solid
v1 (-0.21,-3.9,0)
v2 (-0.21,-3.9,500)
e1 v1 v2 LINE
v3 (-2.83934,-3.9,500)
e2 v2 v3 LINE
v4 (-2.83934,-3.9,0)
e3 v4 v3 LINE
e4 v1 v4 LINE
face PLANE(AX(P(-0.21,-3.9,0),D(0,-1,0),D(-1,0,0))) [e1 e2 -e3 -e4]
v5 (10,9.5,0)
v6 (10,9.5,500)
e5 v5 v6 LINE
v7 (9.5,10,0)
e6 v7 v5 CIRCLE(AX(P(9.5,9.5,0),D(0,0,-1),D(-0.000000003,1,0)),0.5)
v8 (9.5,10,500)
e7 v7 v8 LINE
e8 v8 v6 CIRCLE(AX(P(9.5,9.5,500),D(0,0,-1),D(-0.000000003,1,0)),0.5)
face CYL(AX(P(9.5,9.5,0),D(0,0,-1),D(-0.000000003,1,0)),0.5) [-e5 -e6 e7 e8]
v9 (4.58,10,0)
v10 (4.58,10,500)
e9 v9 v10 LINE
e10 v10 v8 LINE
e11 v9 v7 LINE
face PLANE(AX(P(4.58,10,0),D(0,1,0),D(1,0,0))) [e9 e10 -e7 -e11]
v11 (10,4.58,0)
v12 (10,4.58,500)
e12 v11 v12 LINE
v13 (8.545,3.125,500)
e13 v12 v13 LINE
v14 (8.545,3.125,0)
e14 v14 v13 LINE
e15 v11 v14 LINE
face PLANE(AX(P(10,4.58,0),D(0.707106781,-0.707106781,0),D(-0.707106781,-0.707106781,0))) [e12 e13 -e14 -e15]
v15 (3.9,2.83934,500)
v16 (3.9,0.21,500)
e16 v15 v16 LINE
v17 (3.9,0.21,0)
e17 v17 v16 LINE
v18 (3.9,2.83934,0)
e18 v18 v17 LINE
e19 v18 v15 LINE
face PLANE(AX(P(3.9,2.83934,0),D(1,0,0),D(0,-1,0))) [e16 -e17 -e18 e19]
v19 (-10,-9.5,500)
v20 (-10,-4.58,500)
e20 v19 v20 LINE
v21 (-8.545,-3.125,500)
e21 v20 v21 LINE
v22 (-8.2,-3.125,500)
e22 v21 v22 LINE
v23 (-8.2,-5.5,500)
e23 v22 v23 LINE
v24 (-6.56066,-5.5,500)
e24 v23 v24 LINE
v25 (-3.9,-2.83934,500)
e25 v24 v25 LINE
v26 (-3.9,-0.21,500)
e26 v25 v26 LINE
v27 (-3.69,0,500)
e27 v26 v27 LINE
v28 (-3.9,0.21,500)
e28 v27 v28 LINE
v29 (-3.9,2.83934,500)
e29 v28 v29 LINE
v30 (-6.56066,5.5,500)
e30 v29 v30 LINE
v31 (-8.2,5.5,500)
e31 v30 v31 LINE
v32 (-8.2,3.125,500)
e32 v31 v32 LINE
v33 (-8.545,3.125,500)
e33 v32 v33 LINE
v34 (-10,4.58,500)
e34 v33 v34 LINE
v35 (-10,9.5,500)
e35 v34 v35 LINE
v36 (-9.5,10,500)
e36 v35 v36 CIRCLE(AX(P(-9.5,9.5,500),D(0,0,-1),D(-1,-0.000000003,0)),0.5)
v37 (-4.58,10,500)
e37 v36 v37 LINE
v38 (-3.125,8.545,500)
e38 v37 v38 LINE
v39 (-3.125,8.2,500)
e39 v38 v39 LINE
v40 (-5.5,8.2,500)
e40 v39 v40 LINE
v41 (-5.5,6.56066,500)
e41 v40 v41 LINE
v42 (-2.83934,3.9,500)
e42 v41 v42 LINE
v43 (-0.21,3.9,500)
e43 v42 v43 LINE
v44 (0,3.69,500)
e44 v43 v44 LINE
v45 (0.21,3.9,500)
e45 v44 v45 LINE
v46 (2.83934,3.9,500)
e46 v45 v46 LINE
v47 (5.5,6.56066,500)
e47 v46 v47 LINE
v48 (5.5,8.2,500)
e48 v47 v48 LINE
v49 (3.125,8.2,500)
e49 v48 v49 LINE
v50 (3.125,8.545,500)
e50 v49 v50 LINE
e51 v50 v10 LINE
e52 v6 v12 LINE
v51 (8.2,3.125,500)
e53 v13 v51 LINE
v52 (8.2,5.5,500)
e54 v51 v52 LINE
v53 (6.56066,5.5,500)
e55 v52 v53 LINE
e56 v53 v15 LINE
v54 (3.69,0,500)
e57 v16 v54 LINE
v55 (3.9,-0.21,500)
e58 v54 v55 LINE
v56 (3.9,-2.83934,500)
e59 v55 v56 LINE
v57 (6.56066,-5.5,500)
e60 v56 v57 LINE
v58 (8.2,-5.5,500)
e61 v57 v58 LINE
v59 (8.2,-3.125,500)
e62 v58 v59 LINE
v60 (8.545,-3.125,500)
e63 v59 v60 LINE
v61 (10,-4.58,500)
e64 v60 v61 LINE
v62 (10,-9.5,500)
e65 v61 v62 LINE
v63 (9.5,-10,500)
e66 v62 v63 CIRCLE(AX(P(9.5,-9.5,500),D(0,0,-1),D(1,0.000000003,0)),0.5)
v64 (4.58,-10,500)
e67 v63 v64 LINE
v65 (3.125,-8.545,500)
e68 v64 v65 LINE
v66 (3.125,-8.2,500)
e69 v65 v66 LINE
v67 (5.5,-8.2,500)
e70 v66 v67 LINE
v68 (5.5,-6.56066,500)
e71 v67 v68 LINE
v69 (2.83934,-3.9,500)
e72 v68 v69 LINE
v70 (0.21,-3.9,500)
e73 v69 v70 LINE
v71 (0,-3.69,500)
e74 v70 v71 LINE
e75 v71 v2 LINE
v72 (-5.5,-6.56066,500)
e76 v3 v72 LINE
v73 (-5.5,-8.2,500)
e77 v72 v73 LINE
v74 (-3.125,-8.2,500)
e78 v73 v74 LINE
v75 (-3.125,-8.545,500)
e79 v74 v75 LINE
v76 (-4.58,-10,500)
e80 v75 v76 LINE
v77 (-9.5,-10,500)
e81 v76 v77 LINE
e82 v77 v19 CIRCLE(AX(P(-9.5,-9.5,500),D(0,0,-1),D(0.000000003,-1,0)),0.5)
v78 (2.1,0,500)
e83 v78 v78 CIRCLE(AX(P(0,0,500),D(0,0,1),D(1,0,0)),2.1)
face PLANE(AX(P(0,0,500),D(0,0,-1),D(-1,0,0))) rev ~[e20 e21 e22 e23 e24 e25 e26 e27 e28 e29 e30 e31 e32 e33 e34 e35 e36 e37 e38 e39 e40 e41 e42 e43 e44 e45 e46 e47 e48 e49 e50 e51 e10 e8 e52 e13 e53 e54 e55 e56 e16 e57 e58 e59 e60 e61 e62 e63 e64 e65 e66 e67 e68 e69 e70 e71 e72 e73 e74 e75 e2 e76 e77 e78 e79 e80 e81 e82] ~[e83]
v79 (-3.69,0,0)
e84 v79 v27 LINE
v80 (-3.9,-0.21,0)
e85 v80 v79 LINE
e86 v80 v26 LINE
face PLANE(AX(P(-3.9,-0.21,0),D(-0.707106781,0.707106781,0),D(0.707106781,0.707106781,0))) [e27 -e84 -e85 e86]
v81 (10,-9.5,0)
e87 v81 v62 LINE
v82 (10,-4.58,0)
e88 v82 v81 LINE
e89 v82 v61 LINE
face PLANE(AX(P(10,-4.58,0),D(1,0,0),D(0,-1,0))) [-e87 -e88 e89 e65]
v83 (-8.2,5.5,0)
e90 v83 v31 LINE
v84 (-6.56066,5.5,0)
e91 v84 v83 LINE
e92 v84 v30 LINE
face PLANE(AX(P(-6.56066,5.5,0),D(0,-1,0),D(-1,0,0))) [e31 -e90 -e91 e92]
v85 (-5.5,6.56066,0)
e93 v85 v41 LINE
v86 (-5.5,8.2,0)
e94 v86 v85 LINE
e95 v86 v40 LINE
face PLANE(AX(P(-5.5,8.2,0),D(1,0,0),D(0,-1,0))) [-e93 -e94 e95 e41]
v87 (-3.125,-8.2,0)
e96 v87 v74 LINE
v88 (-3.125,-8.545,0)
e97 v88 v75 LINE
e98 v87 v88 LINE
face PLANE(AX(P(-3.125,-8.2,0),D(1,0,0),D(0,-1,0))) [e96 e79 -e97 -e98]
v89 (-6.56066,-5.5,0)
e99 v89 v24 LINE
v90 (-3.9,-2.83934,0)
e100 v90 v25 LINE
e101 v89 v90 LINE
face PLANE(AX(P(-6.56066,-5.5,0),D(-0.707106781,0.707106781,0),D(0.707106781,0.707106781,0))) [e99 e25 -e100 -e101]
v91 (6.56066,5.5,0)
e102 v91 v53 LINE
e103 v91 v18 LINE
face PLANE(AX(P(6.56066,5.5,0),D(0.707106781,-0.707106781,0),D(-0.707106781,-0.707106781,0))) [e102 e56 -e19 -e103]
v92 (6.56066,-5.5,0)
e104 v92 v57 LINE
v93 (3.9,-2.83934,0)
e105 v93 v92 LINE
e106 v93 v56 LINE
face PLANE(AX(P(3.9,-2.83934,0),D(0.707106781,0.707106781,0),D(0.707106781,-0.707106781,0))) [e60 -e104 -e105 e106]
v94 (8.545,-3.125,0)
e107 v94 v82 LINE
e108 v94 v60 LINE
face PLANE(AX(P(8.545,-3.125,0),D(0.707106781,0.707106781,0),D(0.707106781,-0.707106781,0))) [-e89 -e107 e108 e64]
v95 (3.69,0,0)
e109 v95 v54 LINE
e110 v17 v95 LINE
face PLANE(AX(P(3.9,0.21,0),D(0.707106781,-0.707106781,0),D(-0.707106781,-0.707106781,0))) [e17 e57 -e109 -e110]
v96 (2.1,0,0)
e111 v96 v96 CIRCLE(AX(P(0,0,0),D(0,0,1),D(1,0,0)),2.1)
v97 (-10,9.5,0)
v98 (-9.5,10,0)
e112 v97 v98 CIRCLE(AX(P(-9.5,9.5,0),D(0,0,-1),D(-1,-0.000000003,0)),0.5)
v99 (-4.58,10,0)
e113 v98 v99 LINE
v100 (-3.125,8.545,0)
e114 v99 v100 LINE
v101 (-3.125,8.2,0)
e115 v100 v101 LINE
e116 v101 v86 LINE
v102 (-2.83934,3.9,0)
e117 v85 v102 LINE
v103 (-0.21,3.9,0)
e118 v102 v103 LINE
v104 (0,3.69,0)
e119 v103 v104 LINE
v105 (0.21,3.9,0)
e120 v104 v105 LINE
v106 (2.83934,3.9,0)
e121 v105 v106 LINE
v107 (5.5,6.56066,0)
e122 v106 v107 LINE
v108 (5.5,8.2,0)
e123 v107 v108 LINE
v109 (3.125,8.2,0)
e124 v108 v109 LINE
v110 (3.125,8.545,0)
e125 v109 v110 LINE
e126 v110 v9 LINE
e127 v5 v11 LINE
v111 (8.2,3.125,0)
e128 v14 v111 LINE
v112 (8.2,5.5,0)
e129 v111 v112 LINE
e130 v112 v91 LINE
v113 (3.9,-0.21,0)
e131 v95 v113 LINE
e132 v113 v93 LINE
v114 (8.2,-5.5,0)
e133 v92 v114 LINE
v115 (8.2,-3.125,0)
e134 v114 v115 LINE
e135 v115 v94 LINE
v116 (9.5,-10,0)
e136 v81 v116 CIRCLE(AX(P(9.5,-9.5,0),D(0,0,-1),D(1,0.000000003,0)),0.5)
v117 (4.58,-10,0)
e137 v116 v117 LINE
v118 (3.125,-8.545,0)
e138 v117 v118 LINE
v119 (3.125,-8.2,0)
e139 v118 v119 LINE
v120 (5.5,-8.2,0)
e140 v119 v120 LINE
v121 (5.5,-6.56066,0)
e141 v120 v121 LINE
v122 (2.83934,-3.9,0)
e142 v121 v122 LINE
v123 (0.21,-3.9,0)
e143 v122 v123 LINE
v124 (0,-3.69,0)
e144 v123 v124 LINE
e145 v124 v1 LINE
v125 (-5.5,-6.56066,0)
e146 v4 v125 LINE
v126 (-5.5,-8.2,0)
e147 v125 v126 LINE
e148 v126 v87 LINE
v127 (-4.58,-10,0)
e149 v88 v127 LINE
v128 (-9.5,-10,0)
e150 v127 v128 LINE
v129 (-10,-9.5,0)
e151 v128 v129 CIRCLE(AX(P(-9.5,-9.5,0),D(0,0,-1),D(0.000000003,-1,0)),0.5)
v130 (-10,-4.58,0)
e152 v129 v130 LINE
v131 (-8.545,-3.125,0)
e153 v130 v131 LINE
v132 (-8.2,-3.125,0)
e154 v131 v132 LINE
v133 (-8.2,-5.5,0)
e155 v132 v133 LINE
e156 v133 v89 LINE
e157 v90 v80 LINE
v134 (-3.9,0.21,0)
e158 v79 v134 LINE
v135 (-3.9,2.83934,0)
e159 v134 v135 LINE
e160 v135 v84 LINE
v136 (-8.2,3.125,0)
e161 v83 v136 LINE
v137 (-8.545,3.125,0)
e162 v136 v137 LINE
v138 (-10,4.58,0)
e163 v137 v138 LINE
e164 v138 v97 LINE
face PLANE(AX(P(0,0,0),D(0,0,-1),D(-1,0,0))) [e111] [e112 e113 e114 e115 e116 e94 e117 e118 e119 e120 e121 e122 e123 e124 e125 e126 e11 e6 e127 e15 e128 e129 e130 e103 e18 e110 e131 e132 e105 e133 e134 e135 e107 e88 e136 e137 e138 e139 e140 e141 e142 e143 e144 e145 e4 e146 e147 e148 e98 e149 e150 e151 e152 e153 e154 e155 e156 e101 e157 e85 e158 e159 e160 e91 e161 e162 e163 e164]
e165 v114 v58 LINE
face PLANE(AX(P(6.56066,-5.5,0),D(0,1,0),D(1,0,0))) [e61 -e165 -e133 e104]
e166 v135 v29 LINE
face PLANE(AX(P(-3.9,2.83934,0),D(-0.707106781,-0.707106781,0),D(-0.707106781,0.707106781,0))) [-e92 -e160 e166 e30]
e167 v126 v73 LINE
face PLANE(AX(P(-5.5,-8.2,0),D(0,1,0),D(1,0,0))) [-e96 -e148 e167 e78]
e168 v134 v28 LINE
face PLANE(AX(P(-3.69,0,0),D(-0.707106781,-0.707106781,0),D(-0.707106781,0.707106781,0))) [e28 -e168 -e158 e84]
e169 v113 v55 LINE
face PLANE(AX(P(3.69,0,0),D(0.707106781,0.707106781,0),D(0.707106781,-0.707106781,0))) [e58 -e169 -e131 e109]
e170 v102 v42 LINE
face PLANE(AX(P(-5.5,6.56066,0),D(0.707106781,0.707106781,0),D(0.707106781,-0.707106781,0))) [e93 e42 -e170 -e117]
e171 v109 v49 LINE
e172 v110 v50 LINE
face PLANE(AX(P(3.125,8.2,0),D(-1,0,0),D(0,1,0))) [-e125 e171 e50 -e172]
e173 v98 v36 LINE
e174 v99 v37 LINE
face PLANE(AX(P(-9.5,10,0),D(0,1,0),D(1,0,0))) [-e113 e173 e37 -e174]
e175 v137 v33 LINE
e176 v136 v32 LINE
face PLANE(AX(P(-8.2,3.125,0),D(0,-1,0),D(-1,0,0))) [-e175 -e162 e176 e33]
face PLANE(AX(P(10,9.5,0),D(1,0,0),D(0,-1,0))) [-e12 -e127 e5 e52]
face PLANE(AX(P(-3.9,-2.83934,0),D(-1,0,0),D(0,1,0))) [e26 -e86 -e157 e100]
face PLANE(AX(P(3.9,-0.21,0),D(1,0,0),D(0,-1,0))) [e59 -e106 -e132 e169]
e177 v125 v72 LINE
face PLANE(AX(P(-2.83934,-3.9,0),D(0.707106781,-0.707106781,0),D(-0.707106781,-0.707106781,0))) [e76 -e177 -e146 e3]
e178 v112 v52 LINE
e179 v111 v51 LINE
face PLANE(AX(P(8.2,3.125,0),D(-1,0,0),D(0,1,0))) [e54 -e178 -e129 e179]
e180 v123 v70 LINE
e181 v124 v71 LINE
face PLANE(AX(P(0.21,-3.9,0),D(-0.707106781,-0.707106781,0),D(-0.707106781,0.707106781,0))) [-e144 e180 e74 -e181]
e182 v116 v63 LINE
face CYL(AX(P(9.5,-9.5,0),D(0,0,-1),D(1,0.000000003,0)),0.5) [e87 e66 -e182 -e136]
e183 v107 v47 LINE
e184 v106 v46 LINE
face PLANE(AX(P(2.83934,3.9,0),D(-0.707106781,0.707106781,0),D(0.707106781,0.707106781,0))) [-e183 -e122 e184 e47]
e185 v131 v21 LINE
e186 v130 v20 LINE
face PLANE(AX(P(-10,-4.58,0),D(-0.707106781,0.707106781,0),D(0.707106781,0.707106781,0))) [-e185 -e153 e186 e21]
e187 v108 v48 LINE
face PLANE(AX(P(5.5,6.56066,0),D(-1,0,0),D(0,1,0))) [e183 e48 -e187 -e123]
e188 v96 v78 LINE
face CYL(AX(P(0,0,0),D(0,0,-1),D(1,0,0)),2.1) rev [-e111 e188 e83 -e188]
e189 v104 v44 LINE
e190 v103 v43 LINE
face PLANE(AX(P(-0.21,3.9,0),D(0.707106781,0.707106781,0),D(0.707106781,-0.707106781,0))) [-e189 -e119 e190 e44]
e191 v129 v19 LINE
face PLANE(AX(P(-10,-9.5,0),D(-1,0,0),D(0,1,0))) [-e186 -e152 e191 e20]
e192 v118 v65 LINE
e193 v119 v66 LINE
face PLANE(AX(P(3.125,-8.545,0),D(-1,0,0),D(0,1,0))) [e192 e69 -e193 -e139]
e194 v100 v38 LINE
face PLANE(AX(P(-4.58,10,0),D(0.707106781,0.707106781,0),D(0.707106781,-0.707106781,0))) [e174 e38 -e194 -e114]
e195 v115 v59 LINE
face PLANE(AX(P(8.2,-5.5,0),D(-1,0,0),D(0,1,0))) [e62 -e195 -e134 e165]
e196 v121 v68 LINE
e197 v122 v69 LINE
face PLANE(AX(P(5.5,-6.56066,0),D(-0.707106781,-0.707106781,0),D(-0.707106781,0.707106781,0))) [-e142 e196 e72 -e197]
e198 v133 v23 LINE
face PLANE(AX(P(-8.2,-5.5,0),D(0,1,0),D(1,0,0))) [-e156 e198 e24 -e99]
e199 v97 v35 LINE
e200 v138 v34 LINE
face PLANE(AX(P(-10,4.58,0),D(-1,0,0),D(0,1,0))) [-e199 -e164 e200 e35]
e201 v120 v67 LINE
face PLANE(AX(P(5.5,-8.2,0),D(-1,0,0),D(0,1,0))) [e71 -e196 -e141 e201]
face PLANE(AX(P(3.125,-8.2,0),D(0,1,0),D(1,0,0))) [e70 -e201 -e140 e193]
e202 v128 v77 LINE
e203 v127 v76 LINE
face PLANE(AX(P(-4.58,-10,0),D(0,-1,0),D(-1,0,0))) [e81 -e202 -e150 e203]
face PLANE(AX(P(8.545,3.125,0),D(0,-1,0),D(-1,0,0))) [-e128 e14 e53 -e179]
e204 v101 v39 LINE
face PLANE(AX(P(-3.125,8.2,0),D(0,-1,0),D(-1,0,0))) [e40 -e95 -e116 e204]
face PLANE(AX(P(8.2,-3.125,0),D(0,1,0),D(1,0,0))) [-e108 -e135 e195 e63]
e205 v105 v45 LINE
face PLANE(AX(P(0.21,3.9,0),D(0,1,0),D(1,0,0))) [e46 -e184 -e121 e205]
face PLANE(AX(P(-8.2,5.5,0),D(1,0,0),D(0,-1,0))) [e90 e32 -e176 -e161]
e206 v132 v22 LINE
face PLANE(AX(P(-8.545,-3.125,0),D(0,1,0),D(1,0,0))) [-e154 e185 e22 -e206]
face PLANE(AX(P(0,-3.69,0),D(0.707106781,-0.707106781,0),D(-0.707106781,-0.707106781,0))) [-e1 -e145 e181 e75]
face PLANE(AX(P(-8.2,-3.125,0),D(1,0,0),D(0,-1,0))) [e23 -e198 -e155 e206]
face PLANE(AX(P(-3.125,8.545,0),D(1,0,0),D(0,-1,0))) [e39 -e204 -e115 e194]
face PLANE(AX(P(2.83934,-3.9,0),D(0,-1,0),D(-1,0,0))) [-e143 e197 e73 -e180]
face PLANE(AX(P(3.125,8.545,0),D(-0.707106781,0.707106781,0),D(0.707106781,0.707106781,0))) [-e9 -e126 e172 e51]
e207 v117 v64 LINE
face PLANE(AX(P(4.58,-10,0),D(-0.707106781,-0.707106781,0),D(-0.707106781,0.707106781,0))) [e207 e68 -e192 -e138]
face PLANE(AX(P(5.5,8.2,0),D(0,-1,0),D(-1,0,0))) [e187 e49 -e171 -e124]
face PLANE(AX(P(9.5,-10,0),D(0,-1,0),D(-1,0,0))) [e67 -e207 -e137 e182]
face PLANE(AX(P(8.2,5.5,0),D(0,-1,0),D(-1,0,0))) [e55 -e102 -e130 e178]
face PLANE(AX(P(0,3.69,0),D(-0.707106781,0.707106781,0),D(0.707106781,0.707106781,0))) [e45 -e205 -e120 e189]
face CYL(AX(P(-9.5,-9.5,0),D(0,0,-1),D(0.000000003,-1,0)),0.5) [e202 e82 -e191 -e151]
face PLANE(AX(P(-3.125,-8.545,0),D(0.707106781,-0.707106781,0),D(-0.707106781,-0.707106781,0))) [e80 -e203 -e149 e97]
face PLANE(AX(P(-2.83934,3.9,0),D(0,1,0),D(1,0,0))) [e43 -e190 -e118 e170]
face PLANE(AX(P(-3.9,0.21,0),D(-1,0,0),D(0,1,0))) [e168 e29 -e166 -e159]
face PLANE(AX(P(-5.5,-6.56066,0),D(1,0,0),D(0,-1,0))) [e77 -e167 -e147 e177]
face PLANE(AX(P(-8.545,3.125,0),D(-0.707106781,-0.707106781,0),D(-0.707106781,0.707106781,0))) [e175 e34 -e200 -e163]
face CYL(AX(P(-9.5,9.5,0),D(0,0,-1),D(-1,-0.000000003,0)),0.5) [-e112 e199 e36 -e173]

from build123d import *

# Parameters (mm, degrees)
SKETCH1_R           = 2.1
BOSS_EXTRUDE1_DEPTH = 500


with BuildPart() as part:
    # Sketch1 → Boss-Extrude1 (new body)
    with BuildSketch(Plane.XY):
        with BuildLine():
            Line((3.69, 0), (3.9, -0.21))
            Line((3.9, -0.21), (3.9, -2.839339828))
            Line((3.9, -2.839339828), (6.560660172, -5.5))
            Line((6.560660172, -5.5), (8.2, -5.5))
            Line((8.2, -5.5), (8.2, -3.125))
            Line((8.2, -3.125), (8.545, -3.125))
            Line((8.545, -3.125), (10, -4.58))
            Line((10, -4.58), (10, -9.5))
            ThreePointArc((10, -9.5), (9.853553391, -9.853553391), (9.5, -10))
            Line((9.5, -10), (4.58, -10))
            Line((4.58, -10), (3.125, -8.545))
            Line((3.125, -8.545), (3.125, -8.2))
            Line((3.125, -8.2), (5.5, -8.2))
            Line((5.5, -8.2), (5.5, -6.560660172))
            Line((5.5, -6.560660172), (2.839339828, -3.9))
            Line((2.839339828, -3.9), (0.21, -3.9))
            Line((0.21, -3.9), (0, -3.69))
            Line((0, -3.69), (-0.21, -3.9))
            Line((-0.21, -3.9), (-2.839339828, -3.9))
            Line((-2.839339828, -3.9), (-5.5, -6.560660172))
            Line((-5.5, -6.560660172), (-5.5, -8.2))
            Line((-5.5, -8.2), (-3.125, -8.2))
            Line((-3.125, -8.2), (-3.125, -8.545))
            Line((-3.125, -8.545), (-4.58, -10))
            Line((-4.58, -10), (-9.5, -10))
            ThreePointArc((-9.5, -10), (-9.853553391, -9.853553391), (-10, -9.5))
            Line((-10, -9.5), (-10, -4.58))
            Line((-10, -4.58), (-8.545, -3.125))
            Line((-8.545, -3.125), (-8.2, -3.125))
            Line((-8.2, -3.125), (-8.2, -5.5))
            Line((-8.2, -5.5), (-6.560660172, -5.5))
            Line((-6.560660172, -5.5), (-3.9, -2.839339828))
            Line((-3.9, -2.839339828), (-3.9, -0.21))
            Line((-3.9, -0.21), (-3.69, 0))
            Line((-3.69, 0), (-3.9, 0.21))
            Line((-3.9, 0.21), (-3.9, 2.839339828))
            Line((-3.9, 2.839339828), (-6.560660172, 5.5))
            Line((-6.560660172, 5.5), (-8.2, 5.5))
            Line((-8.2, 5.5), (-8.2, 3.125))
            Line((-8.2, 3.125), (-8.545, 3.125))
            Line((-8.545, 3.125), (-10, 4.58))
            Line((-10, 4.58), (-10, 9.5))
            ThreePointArc((-10, 9.5), (-9.853553391, 9.853553391), (-9.5, 10))
            Line((-9.5, 10), (-4.58, 10))
            Line((-4.58, 10), (-3.125, 8.545))
            Line((-3.125, 8.545), (-3.125, 8.2))
            Line((-3.125, 8.2), (-5.5, 8.2))
            Line((-5.5, 8.2), (-5.5, 6.560660172))
            Line((-5.5, 6.560660172), (-2.839339828, 3.9))
            Line((-2.839339828, 3.9), (-0.21, 3.9))
            Line((-0.21, 3.9), (0, 3.69))
            Line((0, 3.69), (0.21, 3.9))
            Line((0.21, 3.9), (2.839339828, 3.9))
            Line((2.839339828, 3.9), (5.5, 6.560660172))
            Line((5.5, 6.560660172), (5.5, 8.2))
            Line((5.5, 8.2), (3.125, 8.2))
            Line((3.125, 8.2), (3.125, 8.545))
            Line((3.125, 8.545), (4.58, 10))
            Line((4.58, 10), (9.5, 10))
            ThreePointArc((9.5, 10), (9.853553391, 9.853553391), (10, 9.5))
            Line((10, 9.5), (10, 4.58))
            Line((10, 4.58), (8.545, 3.125))
            Line((8.545, 3.125), (8.2, 3.125))
            Line((8.2, 3.125), (8.2, 5.5))
            Line((8.2, 5.5), (6.560660172, 5.5))
            Line((6.560660172, 5.5), (3.9, 2.839339828))
            Line((3.9, 2.839339828), (3.9, 0.21))
            Line((3.9, 0.21), (3.69, 0))
        make_face()
        Circle(SKETCH1_R, mode=Mode.SUBTRACT)
    extrude(amount=BOSS_EXTRUDE1_DEPTH)


solid = part.part
